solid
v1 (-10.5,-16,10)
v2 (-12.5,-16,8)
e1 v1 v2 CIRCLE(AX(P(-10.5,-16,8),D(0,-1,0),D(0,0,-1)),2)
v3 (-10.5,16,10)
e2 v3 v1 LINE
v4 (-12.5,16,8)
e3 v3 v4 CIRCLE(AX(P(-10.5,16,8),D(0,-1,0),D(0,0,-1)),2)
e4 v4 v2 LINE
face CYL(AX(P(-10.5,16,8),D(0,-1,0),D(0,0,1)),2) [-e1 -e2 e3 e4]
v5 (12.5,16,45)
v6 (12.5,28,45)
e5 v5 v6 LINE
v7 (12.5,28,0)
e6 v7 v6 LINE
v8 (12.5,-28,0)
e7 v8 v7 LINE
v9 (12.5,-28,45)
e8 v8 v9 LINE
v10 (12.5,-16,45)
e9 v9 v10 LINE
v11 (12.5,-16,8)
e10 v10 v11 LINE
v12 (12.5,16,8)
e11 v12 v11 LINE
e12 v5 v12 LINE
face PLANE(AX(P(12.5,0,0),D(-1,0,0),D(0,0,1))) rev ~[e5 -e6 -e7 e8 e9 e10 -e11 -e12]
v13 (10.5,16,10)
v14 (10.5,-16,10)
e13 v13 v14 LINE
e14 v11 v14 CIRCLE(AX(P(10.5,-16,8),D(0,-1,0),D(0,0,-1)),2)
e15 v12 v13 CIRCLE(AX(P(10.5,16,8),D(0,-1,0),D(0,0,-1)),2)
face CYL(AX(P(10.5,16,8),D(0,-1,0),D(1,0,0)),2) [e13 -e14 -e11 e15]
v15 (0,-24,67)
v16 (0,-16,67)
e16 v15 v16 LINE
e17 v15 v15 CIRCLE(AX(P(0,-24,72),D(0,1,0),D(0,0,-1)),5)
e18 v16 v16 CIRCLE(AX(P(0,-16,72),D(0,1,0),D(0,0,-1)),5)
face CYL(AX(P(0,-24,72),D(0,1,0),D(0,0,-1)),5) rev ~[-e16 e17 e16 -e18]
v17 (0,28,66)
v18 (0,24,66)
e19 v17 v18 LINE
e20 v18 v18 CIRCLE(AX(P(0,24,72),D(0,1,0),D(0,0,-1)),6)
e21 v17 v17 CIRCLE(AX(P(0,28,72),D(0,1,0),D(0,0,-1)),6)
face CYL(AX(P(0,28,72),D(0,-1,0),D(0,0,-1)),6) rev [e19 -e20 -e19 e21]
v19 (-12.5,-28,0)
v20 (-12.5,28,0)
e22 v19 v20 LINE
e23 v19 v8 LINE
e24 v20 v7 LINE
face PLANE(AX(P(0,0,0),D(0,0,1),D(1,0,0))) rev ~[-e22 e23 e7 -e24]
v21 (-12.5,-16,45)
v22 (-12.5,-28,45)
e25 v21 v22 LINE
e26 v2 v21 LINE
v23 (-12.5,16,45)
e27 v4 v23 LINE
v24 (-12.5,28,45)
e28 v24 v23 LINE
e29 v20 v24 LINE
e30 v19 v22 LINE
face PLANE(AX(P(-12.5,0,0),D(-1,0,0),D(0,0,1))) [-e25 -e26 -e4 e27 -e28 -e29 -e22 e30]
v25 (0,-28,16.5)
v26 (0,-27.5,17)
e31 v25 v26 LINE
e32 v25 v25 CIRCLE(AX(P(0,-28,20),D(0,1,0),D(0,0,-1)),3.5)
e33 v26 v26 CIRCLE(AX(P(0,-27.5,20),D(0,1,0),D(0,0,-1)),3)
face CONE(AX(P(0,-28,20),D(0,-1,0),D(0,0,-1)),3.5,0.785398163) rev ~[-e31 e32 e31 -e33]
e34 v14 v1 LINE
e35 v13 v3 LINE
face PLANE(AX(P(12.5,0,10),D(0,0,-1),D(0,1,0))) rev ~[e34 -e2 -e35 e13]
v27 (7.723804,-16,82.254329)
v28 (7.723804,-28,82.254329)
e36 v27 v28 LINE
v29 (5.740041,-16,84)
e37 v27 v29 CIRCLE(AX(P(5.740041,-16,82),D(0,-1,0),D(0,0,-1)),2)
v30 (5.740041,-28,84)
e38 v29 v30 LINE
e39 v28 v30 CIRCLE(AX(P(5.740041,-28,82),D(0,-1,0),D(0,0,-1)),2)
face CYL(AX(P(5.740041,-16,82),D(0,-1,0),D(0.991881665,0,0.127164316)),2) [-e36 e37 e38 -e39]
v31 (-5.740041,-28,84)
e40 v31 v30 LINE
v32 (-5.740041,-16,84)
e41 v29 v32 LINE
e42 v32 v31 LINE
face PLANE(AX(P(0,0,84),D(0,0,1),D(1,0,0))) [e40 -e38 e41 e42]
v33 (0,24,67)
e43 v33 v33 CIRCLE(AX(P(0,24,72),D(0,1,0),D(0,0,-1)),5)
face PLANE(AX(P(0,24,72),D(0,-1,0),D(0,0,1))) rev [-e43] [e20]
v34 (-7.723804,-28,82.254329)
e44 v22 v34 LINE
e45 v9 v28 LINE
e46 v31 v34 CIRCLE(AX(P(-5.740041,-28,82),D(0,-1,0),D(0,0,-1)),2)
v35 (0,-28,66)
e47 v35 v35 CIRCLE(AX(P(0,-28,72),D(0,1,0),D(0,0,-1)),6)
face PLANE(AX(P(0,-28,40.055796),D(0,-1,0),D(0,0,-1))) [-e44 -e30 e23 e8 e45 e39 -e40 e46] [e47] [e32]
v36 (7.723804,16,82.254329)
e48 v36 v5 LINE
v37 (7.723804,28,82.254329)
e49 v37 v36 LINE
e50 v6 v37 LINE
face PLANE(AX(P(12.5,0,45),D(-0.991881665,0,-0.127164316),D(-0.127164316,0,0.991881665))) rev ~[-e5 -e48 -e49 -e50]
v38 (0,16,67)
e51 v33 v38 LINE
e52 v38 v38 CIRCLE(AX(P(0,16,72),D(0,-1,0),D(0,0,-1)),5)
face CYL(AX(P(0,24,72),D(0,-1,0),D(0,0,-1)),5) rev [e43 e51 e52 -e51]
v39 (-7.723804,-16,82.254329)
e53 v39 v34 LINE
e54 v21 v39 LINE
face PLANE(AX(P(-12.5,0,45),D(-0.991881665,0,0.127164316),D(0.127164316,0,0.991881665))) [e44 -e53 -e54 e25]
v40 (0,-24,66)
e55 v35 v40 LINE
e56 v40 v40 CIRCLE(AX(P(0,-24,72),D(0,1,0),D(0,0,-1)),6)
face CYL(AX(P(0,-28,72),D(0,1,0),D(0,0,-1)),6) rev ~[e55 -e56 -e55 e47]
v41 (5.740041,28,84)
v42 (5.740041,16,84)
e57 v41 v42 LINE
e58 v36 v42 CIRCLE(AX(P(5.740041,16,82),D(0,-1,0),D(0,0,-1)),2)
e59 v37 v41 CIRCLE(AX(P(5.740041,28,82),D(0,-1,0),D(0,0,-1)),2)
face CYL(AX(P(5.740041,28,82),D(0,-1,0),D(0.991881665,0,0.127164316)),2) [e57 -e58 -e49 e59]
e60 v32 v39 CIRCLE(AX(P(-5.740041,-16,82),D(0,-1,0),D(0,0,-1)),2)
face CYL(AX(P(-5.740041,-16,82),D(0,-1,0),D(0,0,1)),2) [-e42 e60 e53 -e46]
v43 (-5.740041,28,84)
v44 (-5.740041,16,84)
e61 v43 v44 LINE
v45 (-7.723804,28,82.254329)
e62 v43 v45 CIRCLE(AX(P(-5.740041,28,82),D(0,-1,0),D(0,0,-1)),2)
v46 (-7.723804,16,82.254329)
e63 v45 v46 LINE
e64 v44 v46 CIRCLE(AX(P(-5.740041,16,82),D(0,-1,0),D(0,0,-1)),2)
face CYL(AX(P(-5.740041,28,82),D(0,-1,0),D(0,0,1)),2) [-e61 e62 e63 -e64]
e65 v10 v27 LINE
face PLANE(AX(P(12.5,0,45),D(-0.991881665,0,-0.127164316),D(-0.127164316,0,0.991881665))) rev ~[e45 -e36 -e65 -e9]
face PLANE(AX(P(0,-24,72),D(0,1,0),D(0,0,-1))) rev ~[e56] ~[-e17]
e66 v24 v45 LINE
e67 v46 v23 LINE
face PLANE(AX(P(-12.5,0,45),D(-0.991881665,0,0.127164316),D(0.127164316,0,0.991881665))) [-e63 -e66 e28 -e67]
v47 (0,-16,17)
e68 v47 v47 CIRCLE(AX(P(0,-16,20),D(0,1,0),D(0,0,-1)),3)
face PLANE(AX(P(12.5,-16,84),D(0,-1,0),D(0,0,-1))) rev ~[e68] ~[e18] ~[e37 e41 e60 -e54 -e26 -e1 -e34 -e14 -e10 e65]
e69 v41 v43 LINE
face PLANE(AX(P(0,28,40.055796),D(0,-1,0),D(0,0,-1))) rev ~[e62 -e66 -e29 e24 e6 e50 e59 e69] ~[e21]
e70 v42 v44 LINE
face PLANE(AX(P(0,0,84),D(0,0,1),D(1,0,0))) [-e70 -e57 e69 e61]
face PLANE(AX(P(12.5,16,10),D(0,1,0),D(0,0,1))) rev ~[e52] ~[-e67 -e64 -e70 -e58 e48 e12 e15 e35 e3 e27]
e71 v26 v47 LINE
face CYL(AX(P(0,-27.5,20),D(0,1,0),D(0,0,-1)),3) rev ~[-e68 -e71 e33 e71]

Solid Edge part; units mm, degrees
sketch "Sketch1" plane through (0, 0, 0) normal (0, -1, 0) x (1, 0, 0)
  line L0 (12.5, 45) -> (7.5, 84)
  line L1 (0, 84) -> (7.5, 84)
  line L2 (0, 84) -> (-7.5, 84)
  line L3 (-12.5, 45) -> (-7.5, 84)
  line L4 (-12.5, 0) -> (-12.5, 45)
  line L5 (0, 0) -> (-12.5, 0)
  line L6 (0, 0) -> (12.5, 0)
  line L7 (12.5, 0) -> (12.5, 45)
extrude "Protrusion1" add sketch "Sketch1" along normal mid plane 56
sketch "Sketch2" plane through (12.5, 0, 22.5) normal (1, 0, 0) x (0, 1, 0)
  line L0 (16, 61.5) -> (-16, 61.5)
  line L1 (-16, 61.5) -> (-16, -12.5)
  line L2 (-16, -12.5) -> (0, -12.5)
  line L3 (0, -12.5) -> (16, -12.5)
  line L4 (16, -12.5) -> (16, 61.5)
extrude "ExtrudedCutout_1" cut sketch "Sketch2" against normal blind 71.0671
fillet "Round_1" radius 2 6 edges at (7.5, -22, 84) (-7.5, -22, 84) (7.5, 22, 84) (-7.5, 22, 84) (12.5, 0, 10) (-12.5, 0, 10)
hole "Hole_1" at (0, -28, 72) direction (0, 1, 0) diameter 10 depth 20 tip angle 118 counterbore diameter 12 counterbore depth 4
mirror "Mirror1" about plane through (0, 0, 0) normal (0, -1, 0) of "Hole_1"
hole "Hole_3" at (0, -28, 20) direction (0, 1, 0) diameter 6 depth 27 tip angle 118 countersink diameter 7 countersink angle 90
cosmetic_thread "Thread1" size "M6"
